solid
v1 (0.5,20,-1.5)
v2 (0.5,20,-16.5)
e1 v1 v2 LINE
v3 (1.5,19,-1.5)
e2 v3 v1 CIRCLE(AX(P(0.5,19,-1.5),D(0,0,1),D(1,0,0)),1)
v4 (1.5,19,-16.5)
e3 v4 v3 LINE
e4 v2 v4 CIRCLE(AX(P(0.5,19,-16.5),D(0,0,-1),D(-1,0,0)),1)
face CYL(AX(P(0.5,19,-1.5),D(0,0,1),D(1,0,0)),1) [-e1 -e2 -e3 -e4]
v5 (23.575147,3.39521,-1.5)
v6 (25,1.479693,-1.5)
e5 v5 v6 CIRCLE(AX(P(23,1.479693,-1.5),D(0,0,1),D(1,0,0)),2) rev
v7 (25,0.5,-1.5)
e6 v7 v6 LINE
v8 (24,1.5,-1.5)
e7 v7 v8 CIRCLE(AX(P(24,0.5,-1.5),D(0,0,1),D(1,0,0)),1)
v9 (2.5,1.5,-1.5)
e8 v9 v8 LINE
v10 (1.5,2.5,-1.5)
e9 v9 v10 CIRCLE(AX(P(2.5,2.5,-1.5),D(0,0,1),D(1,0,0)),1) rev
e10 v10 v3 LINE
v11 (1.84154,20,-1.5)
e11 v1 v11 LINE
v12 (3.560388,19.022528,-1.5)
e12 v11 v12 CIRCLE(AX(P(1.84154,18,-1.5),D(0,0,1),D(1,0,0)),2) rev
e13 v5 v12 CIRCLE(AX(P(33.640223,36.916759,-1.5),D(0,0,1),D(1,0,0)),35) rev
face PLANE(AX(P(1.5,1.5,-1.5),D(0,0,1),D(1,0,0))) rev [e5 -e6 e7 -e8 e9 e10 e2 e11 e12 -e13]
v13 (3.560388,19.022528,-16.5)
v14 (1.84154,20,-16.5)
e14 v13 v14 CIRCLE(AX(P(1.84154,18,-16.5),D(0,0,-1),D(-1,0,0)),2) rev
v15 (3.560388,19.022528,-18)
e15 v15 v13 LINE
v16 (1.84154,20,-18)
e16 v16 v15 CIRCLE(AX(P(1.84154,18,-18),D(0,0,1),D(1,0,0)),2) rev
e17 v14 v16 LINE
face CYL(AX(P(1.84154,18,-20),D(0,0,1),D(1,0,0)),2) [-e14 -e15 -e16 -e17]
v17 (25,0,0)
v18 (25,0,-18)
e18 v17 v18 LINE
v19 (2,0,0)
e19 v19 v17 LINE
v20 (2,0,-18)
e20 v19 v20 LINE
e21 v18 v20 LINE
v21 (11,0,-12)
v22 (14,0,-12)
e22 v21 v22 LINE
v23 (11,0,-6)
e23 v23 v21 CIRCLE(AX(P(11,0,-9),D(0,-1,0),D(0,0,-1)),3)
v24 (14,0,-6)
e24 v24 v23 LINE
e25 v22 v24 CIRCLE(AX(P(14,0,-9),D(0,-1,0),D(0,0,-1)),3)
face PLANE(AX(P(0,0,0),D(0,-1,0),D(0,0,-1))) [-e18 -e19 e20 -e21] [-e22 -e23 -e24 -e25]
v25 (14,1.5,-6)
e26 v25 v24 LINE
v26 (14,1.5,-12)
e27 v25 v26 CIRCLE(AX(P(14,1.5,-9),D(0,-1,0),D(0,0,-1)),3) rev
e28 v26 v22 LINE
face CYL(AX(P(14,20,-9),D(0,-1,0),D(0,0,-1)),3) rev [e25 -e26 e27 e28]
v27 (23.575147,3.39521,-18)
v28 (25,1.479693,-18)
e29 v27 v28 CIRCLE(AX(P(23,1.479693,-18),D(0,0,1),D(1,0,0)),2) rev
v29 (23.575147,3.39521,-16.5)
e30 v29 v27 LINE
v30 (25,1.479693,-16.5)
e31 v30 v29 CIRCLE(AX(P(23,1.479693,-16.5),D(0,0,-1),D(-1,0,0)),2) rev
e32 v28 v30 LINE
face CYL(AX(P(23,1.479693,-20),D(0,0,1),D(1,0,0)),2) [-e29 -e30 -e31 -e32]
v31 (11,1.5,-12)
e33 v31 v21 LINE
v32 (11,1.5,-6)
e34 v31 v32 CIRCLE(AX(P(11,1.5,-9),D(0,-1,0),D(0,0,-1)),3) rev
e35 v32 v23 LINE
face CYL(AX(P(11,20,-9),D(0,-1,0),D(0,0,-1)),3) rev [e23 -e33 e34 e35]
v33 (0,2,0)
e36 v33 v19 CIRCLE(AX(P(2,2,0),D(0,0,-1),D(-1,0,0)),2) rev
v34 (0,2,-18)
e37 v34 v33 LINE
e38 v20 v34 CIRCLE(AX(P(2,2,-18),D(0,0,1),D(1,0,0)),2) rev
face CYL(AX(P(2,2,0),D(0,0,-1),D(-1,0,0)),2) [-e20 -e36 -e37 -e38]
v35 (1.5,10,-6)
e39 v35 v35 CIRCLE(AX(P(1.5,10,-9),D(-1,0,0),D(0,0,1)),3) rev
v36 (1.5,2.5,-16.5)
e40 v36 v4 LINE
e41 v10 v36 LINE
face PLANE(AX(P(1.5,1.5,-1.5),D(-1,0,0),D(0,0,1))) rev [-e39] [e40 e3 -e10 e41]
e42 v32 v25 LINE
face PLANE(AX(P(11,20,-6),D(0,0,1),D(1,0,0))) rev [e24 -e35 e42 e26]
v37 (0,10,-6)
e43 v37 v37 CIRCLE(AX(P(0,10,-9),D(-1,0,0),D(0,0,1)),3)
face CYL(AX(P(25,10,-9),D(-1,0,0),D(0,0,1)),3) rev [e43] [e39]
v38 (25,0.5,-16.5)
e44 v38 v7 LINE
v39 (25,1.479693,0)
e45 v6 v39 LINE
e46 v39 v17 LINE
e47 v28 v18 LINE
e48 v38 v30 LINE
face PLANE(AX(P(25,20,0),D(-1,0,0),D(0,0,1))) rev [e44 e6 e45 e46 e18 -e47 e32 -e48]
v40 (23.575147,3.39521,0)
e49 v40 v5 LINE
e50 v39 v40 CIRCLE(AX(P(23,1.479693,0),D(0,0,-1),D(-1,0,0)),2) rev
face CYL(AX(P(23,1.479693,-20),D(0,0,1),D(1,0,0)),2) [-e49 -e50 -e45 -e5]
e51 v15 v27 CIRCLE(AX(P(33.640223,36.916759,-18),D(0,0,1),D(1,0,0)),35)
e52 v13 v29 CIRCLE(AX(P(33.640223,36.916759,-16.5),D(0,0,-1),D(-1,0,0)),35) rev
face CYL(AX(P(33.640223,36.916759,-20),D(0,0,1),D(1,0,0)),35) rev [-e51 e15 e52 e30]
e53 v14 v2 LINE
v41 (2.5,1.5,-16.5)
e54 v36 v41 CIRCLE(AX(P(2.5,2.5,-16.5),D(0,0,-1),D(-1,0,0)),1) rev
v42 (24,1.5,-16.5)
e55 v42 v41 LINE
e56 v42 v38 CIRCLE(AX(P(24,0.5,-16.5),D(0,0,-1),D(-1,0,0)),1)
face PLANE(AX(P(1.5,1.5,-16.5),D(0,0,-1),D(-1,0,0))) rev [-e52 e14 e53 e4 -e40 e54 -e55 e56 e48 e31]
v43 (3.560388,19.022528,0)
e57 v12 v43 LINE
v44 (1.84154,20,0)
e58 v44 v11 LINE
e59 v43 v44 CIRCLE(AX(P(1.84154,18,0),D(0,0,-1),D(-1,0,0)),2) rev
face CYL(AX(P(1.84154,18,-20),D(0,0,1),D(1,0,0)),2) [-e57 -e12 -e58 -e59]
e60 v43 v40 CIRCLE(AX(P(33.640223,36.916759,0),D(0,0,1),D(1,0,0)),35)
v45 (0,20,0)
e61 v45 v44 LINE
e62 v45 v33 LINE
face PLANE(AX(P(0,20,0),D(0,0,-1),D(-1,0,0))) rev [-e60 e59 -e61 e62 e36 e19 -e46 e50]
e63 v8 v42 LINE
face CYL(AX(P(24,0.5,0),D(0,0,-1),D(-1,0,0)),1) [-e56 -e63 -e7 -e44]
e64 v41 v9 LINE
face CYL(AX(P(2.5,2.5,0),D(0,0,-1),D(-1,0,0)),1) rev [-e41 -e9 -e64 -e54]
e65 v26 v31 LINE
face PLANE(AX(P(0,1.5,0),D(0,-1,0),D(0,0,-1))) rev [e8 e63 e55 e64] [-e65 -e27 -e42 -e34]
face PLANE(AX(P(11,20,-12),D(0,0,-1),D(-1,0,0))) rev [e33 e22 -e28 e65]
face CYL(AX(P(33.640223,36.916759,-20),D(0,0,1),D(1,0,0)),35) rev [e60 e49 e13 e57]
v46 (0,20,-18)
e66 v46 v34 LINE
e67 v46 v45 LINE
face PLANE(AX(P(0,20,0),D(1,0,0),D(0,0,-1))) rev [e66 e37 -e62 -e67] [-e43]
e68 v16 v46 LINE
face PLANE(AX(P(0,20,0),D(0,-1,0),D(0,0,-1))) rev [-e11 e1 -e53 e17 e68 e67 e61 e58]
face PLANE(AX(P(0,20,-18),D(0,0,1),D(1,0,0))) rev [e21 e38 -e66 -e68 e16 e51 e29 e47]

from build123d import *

# Parameters (mm, degrees)
SKETCH_1_W          = 25
SKETCH_1_H          = 18
EXTRUDE_1_DEPTH     = 20
CUT_EXTRUDE_1_DEPTH = 20
SKETCH_3_R          = 3
CUT_EXTRUDE_2_DEPTH = 26
CUT_EXTRUDE_3_DEPTH = 21.0000001
SKETCH_5_W          = 23.5
SKETCH_5_H          = 15
CUT_EXTRUDE_4_DEPTH = 18.5
FILLET_1_R          = 1
FILLET_2_R          = 2


with BuildPart() as part:
    # 스케치1 → 보스-돌출1 (new body)
    with BuildSketch(Plane(origin=(0, 0, 0), x_dir=(1, 0, 0), z_dir=(0, 1, 0))):
        with Locations((12.5, 9)):
            Rectangle(SKETCH_1_W, SKETCH_1_H)
    extrude(amount=EXTRUDE_1_DEPTH)

    # 스케치2 → 컷-돌출1 (cut)
    with BuildSketch(Plane.XY):
        with BuildLine():
            ThreePointArc((3, 20), (12.2395604, 9.221784047), (25, 3))
            Line((25, 3), (25, 20))
            Line((25, 20), (3, 20))
        make_face()
        with BuildLine():
            Line((25, 20), (25, 3))
            ThreePointArc((25, 3), (55.118027728, 9.281565928), (68.640222938, 36.916759096))
            ThreePointArc((68.640222938, 36.916759096), (24.905459141, 70.809293693), (3, 20))
            Line((3, 20), (25, 20))
        make_face()
    extrude(amount=-CUT_EXTRUDE_1_DEPTH, mode=Mode.SUBTRACT)

    # 스케치3 → 컷-돌출2 (cut, through all)
    with BuildSketch(Plane.ZY):
        with Locations((-9, 10)):
            Circle(SKETCH_3_R)
    extrude(amount=-CUT_EXTRUDE_2_DEPTH, mode=Mode.SUBTRACT)

    # 스케치4 → 컷-돌출3 (cut, through all)
    with BuildSketch(Plane.XZ):
        with BuildLine():
            Line((11, -6), (14, -6))
            ThreePointArc((14, -6), (17, -9), (14, -12))
            Line((14, -12), (11, -12))
            ThreePointArc((11, -12), (8, -9), (11, -6))
        make_face()
    extrude(amount=-CUT_EXTRUDE_3_DEPTH, mode=Mode.SUBTRACT)

    # 스케치5 → 컷-돌출4 (cut)
    with BuildSketch(Plane(origin=(0, 20, 0), x_dir=(1, 0, 0), z_dir=(0, 1, 0))):
        with Locations((13.25, 9)):
            Rectangle(SKETCH_5_W, SKETCH_5_H)
    extrude(amount=-CUT_EXTRUDE_4_DEPTH, mode=Mode.SUBTRACT)

    # 필렛1
    fillet_1_edges = [part.edges().sort_by_distance(p)[0] for p in [
        (25, 1.5, -9),
        (1.5, 20, -9),
        (1.5, 1.5, -9),
    ]]
    fillet(fillet_1_edges, radius=FILLET_1_R)

    # 필렛2
    fillet_2_edges = [part.edges().sort_by_distance(p)[0] for p in [
        (3, 20, -0.75),
        (25, 3, -17.25),
        (0, 0, -9),
        (3, 20, -17.25),
        (25, 3, -0.75),
    ]]
    fillet(fillet_2_edges, radius=FILLET_2_R)


solid = part.part
